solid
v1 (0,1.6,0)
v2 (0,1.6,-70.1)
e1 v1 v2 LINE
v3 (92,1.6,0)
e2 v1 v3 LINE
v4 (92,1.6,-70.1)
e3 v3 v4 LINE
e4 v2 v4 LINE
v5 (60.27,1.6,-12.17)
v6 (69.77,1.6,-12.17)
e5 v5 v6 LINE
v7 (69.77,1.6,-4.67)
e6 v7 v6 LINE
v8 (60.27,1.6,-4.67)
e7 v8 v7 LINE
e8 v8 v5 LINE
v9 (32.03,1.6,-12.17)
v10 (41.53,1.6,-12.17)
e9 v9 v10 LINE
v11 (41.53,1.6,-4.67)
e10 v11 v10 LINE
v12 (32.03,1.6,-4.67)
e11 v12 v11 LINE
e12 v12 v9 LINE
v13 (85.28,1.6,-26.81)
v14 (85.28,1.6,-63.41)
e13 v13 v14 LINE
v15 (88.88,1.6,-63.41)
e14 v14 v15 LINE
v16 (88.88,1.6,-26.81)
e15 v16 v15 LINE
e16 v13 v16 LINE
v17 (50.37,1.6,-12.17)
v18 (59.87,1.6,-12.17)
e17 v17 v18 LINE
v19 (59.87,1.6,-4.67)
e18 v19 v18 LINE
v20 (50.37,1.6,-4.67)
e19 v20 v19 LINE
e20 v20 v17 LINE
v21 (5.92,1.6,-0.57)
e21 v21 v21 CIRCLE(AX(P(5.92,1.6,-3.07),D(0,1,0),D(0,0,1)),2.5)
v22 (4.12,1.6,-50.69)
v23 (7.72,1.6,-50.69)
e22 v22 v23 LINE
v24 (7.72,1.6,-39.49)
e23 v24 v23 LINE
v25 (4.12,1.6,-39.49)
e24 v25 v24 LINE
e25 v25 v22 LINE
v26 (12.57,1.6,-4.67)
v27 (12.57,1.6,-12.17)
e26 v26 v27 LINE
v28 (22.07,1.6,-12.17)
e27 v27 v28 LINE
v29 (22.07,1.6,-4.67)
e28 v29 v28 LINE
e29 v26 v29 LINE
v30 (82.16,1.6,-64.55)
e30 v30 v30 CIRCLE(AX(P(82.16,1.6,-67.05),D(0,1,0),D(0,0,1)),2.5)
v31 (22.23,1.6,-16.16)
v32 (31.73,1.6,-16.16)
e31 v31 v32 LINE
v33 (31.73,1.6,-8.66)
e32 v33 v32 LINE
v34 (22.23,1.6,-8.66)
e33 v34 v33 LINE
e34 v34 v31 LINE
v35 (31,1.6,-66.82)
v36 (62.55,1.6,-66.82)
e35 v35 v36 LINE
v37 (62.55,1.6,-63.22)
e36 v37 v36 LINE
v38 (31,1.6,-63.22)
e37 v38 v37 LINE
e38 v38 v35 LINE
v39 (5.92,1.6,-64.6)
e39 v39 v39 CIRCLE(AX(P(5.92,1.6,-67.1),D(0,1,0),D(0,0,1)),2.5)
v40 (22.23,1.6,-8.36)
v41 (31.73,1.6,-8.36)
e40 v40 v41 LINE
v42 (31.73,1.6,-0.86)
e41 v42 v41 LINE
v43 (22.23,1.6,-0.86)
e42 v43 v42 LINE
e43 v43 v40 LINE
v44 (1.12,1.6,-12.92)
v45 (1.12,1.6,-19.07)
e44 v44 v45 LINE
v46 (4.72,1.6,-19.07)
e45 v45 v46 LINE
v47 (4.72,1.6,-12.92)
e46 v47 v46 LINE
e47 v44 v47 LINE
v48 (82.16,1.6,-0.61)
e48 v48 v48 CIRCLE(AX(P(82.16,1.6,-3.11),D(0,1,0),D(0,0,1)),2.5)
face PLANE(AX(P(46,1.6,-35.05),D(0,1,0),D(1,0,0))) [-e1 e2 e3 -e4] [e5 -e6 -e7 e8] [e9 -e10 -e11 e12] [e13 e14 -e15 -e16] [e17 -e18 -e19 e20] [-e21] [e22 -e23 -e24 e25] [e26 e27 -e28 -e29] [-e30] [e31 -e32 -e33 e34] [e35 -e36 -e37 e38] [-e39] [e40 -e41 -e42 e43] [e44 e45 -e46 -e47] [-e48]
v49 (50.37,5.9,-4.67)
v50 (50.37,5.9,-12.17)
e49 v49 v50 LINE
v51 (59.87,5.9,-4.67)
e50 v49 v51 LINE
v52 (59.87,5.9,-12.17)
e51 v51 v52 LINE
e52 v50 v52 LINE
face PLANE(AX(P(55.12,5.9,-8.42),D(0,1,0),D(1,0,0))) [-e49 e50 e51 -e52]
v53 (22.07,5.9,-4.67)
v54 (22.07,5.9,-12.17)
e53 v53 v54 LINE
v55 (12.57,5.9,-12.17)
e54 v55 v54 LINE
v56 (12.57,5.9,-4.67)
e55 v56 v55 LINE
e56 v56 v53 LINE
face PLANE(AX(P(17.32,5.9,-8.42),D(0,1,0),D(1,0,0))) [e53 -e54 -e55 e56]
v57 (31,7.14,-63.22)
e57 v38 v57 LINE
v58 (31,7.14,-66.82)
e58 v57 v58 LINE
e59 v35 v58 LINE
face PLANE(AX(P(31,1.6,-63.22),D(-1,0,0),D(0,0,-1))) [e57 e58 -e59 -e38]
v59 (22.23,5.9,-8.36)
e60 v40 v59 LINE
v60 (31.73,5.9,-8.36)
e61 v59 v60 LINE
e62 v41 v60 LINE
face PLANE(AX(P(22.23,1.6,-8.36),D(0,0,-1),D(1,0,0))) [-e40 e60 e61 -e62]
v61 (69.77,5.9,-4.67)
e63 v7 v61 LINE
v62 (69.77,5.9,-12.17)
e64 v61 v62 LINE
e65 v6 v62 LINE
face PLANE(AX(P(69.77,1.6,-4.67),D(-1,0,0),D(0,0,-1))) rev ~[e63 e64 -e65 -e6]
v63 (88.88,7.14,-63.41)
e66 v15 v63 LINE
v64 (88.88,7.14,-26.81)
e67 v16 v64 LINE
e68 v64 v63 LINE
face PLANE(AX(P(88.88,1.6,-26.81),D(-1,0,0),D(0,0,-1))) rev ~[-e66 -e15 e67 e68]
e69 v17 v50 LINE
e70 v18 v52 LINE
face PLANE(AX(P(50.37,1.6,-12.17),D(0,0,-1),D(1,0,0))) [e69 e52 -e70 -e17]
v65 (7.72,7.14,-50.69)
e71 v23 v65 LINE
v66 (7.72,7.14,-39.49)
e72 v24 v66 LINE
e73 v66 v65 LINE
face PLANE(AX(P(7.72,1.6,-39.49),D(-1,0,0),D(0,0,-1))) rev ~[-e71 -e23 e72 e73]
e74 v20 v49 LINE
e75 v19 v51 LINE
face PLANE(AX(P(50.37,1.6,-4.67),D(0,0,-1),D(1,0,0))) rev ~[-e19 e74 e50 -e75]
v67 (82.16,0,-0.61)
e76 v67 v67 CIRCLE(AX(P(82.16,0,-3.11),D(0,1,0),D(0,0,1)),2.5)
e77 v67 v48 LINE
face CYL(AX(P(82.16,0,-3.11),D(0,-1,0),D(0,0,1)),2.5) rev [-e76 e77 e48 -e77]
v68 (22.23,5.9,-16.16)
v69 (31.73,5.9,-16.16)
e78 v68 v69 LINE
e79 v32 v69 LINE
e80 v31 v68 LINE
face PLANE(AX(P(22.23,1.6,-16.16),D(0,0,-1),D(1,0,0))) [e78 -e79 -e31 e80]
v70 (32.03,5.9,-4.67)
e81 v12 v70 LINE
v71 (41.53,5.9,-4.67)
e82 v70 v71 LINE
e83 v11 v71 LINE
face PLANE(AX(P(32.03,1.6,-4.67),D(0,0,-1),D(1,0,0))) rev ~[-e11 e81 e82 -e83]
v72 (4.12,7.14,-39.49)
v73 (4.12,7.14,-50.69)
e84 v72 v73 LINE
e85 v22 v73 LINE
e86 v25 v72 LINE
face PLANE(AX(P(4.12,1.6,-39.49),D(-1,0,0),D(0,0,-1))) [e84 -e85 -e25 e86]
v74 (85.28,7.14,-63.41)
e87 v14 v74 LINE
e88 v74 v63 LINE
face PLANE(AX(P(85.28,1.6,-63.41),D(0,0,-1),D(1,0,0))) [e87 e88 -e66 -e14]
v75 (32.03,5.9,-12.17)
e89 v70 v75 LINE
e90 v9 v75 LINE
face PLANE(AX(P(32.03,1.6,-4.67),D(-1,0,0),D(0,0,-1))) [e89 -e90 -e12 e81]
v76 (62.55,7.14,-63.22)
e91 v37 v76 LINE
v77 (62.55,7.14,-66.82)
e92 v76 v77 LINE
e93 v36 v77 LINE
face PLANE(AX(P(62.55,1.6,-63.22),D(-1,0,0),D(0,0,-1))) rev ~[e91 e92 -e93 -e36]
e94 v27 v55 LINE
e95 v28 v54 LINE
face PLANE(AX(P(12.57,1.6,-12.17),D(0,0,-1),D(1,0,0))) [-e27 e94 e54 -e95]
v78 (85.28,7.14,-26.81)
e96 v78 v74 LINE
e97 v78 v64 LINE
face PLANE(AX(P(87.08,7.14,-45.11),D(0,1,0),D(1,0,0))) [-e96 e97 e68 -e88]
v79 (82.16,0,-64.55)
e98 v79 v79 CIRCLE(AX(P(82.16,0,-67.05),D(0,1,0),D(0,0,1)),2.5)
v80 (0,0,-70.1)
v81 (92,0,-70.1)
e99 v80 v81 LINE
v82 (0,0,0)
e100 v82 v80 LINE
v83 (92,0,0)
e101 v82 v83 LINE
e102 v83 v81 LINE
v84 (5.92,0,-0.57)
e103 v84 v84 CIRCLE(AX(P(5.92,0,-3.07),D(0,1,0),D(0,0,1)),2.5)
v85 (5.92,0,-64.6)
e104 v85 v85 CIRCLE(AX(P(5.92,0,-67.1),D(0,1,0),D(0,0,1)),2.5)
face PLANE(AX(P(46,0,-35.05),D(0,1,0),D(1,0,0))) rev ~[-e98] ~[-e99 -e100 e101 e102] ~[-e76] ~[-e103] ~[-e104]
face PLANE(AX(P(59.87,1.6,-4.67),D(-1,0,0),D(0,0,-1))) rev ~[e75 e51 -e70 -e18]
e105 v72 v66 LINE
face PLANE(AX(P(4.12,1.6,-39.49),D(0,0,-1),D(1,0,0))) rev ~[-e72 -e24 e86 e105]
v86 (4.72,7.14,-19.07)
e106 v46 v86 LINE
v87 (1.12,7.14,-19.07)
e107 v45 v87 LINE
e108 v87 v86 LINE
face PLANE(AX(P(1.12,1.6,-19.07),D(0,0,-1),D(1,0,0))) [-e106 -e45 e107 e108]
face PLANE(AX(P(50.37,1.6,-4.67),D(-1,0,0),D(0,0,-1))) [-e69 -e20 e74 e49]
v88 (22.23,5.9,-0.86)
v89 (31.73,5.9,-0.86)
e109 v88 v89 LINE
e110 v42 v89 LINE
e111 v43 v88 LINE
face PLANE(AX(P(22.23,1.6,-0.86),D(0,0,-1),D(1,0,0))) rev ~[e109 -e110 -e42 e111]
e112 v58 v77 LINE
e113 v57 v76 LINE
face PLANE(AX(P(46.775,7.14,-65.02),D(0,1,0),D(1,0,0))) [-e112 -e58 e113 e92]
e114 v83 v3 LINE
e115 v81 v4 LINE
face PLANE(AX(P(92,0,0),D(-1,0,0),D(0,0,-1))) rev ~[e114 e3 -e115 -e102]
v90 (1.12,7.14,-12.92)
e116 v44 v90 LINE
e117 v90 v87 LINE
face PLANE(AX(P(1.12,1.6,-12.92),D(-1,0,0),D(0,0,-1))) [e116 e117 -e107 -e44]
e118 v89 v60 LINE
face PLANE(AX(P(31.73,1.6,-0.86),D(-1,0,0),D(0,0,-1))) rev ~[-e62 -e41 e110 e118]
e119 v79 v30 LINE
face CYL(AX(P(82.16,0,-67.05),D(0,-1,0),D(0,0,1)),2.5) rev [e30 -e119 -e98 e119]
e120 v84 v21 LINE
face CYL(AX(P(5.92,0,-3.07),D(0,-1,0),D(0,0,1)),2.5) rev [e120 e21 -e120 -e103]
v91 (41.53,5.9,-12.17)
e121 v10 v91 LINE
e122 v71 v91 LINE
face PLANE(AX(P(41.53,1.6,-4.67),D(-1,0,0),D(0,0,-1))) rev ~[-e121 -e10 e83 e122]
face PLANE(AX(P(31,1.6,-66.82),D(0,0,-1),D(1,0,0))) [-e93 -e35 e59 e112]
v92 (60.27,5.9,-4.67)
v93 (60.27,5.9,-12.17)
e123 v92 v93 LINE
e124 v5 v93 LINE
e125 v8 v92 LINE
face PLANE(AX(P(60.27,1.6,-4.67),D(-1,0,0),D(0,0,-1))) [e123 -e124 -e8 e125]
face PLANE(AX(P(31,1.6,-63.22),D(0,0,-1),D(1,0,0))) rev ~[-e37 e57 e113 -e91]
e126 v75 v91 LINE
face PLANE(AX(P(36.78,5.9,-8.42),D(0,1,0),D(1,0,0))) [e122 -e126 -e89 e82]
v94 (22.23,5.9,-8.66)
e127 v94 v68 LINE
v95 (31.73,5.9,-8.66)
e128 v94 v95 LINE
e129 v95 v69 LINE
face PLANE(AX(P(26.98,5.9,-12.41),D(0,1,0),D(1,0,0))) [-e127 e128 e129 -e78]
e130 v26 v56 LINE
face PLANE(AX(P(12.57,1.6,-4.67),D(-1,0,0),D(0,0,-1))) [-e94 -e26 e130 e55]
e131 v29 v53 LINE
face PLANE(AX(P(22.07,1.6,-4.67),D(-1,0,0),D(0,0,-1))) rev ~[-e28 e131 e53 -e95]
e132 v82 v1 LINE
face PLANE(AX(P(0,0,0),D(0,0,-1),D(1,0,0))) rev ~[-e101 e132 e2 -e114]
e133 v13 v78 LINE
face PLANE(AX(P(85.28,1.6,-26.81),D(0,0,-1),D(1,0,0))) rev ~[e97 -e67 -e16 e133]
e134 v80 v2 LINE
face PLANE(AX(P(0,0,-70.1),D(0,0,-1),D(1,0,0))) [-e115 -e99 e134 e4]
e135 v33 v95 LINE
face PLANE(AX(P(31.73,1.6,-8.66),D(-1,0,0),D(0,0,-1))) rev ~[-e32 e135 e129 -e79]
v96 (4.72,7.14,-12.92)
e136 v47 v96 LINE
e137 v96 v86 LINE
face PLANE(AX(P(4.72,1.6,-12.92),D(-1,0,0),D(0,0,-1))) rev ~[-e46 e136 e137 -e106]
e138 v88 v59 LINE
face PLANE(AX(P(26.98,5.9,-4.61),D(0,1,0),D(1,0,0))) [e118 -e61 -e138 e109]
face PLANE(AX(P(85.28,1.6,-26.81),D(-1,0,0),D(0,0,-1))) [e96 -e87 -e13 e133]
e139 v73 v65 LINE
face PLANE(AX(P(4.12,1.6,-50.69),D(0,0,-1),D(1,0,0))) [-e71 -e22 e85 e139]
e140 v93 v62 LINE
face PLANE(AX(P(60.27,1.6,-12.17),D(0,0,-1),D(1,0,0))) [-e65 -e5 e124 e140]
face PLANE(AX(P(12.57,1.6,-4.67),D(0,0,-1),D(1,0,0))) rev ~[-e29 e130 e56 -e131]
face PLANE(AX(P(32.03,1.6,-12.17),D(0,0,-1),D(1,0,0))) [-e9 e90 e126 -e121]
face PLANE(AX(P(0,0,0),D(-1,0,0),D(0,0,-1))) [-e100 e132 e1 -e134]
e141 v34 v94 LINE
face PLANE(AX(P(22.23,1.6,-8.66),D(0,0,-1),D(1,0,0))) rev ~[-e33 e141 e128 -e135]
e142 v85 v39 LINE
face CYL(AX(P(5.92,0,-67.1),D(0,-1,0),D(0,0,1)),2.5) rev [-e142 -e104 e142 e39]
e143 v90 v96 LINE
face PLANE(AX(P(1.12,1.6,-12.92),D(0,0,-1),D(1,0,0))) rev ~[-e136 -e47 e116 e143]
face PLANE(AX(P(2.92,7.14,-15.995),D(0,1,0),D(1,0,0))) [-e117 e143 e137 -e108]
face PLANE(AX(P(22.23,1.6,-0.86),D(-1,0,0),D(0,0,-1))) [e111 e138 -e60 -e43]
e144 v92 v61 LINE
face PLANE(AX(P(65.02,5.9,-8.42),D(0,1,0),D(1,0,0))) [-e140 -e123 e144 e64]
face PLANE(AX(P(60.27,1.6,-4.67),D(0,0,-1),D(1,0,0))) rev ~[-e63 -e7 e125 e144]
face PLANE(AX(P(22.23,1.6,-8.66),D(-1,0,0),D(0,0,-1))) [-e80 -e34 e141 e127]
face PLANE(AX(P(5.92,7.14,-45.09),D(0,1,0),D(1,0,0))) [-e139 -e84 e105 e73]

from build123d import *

# Parameters (mm, degrees)
SKETCH1_W             = 92
SKETCH1_H             = 70.1
SKETCH1_R             = 2.5
Y_PCB_EXTR_DEPTH      = 1.6
SKETCH2_W             = 31.55
SKETCH2_H             = 3.6
SKETCH2_W_2           = 3.6
SKETCH2_H_2           = 11.2
SKETCH2_H_3           = 6.15
SKETCH2_H_4           = 36.6
Y_HEADERS_EXTR_DEPTH  = 5.54
SKETCH3_W             = 9.5
SKETCH3_H             = 7.5
Y_SWITCHES_EXTR_DEPTH = 4.3


with BuildPart() as part:
    # Sketch1 → Y+ PCB extr (new body)
    with BuildSketch(Plane(origin=(0, 0, 0), x_dir=(1, 0, 0), z_dir=(0, 1, 0))):
        with Locations((46, 35.05)):
            Rectangle(SKETCH1_W, SKETCH1_H)
        with Locations(Location((5.92, 3.07, 0), (0, 0, 270))):
            Circle(SKETCH1_R, mode=Mode.SUBTRACT)
        with Locations(Location((82.16, 3.11, 0), (0, 0, 270))):
            Circle(SKETCH1_R, mode=Mode.SUBTRACT)
        with Locations(Location((82.16, 67.05, 0), (0, 0, 270))):
            Circle(SKETCH1_R, mode=Mode.SUBTRACT)
        with Locations(Location((5.92, 67.1, 0), (0, 0, 270))):
            Circle(SKETCH1_R, mode=Mode.SUBTRACT)
    extrude(amount=Y_PCB_EXTR_DEPTH)

    # Sketch2 → Y+ headers extr (add)
    with BuildSketch(Plane(origin=(0, 1.6, 0), x_dir=(1, 0, 0), z_dir=(0, 1, 0))):
        with Locations((46.775, 65.02)):
            Rectangle(SKETCH2_W, SKETCH2_H)
        with Locations((5.92, 45.09)):
            Rectangle(SKETCH2_W_2, SKETCH2_H_2)
        with Locations((2.92, 15.995)):
            Rectangle(SKETCH2_W_2, SKETCH2_H_3)
        with Locations((87.08, 45.11)):
            Rectangle(SKETCH2_W_2, SKETCH2_H_4)
    extrude(amount=Y_HEADERS_EXTR_DEPTH)

    # Sketch3 → Y+ switches extr (add)
    with BuildSketch(Plane(origin=(0, 1.6, 0), x_dir=(1, 0, 0), z_dir=(0, 1, 0))):
        with Locations((17.32, 8.42)):
            Rectangle(SKETCH3_W, SKETCH3_H)
        with Locations((26.98, 4.61)):
            Rectangle(SKETCH3_W, SKETCH3_H)
        with Locations((26.98, 12.41)):
            Rectangle(SKETCH3_W, SKETCH3_H)
        with Locations((36.78, 8.42)):
            Rectangle(SKETCH3_W, SKETCH3_H)
        with Locations((55.12, 8.42)):
            Rectangle(SKETCH3_W, SKETCH3_H)
        with Locations((65.02, 8.42)):
            Rectangle(SKETCH3_W, SKETCH3_H)
    extrude(amount=Y_SWITCHES_EXTR_DEPTH)


solid = part.part
